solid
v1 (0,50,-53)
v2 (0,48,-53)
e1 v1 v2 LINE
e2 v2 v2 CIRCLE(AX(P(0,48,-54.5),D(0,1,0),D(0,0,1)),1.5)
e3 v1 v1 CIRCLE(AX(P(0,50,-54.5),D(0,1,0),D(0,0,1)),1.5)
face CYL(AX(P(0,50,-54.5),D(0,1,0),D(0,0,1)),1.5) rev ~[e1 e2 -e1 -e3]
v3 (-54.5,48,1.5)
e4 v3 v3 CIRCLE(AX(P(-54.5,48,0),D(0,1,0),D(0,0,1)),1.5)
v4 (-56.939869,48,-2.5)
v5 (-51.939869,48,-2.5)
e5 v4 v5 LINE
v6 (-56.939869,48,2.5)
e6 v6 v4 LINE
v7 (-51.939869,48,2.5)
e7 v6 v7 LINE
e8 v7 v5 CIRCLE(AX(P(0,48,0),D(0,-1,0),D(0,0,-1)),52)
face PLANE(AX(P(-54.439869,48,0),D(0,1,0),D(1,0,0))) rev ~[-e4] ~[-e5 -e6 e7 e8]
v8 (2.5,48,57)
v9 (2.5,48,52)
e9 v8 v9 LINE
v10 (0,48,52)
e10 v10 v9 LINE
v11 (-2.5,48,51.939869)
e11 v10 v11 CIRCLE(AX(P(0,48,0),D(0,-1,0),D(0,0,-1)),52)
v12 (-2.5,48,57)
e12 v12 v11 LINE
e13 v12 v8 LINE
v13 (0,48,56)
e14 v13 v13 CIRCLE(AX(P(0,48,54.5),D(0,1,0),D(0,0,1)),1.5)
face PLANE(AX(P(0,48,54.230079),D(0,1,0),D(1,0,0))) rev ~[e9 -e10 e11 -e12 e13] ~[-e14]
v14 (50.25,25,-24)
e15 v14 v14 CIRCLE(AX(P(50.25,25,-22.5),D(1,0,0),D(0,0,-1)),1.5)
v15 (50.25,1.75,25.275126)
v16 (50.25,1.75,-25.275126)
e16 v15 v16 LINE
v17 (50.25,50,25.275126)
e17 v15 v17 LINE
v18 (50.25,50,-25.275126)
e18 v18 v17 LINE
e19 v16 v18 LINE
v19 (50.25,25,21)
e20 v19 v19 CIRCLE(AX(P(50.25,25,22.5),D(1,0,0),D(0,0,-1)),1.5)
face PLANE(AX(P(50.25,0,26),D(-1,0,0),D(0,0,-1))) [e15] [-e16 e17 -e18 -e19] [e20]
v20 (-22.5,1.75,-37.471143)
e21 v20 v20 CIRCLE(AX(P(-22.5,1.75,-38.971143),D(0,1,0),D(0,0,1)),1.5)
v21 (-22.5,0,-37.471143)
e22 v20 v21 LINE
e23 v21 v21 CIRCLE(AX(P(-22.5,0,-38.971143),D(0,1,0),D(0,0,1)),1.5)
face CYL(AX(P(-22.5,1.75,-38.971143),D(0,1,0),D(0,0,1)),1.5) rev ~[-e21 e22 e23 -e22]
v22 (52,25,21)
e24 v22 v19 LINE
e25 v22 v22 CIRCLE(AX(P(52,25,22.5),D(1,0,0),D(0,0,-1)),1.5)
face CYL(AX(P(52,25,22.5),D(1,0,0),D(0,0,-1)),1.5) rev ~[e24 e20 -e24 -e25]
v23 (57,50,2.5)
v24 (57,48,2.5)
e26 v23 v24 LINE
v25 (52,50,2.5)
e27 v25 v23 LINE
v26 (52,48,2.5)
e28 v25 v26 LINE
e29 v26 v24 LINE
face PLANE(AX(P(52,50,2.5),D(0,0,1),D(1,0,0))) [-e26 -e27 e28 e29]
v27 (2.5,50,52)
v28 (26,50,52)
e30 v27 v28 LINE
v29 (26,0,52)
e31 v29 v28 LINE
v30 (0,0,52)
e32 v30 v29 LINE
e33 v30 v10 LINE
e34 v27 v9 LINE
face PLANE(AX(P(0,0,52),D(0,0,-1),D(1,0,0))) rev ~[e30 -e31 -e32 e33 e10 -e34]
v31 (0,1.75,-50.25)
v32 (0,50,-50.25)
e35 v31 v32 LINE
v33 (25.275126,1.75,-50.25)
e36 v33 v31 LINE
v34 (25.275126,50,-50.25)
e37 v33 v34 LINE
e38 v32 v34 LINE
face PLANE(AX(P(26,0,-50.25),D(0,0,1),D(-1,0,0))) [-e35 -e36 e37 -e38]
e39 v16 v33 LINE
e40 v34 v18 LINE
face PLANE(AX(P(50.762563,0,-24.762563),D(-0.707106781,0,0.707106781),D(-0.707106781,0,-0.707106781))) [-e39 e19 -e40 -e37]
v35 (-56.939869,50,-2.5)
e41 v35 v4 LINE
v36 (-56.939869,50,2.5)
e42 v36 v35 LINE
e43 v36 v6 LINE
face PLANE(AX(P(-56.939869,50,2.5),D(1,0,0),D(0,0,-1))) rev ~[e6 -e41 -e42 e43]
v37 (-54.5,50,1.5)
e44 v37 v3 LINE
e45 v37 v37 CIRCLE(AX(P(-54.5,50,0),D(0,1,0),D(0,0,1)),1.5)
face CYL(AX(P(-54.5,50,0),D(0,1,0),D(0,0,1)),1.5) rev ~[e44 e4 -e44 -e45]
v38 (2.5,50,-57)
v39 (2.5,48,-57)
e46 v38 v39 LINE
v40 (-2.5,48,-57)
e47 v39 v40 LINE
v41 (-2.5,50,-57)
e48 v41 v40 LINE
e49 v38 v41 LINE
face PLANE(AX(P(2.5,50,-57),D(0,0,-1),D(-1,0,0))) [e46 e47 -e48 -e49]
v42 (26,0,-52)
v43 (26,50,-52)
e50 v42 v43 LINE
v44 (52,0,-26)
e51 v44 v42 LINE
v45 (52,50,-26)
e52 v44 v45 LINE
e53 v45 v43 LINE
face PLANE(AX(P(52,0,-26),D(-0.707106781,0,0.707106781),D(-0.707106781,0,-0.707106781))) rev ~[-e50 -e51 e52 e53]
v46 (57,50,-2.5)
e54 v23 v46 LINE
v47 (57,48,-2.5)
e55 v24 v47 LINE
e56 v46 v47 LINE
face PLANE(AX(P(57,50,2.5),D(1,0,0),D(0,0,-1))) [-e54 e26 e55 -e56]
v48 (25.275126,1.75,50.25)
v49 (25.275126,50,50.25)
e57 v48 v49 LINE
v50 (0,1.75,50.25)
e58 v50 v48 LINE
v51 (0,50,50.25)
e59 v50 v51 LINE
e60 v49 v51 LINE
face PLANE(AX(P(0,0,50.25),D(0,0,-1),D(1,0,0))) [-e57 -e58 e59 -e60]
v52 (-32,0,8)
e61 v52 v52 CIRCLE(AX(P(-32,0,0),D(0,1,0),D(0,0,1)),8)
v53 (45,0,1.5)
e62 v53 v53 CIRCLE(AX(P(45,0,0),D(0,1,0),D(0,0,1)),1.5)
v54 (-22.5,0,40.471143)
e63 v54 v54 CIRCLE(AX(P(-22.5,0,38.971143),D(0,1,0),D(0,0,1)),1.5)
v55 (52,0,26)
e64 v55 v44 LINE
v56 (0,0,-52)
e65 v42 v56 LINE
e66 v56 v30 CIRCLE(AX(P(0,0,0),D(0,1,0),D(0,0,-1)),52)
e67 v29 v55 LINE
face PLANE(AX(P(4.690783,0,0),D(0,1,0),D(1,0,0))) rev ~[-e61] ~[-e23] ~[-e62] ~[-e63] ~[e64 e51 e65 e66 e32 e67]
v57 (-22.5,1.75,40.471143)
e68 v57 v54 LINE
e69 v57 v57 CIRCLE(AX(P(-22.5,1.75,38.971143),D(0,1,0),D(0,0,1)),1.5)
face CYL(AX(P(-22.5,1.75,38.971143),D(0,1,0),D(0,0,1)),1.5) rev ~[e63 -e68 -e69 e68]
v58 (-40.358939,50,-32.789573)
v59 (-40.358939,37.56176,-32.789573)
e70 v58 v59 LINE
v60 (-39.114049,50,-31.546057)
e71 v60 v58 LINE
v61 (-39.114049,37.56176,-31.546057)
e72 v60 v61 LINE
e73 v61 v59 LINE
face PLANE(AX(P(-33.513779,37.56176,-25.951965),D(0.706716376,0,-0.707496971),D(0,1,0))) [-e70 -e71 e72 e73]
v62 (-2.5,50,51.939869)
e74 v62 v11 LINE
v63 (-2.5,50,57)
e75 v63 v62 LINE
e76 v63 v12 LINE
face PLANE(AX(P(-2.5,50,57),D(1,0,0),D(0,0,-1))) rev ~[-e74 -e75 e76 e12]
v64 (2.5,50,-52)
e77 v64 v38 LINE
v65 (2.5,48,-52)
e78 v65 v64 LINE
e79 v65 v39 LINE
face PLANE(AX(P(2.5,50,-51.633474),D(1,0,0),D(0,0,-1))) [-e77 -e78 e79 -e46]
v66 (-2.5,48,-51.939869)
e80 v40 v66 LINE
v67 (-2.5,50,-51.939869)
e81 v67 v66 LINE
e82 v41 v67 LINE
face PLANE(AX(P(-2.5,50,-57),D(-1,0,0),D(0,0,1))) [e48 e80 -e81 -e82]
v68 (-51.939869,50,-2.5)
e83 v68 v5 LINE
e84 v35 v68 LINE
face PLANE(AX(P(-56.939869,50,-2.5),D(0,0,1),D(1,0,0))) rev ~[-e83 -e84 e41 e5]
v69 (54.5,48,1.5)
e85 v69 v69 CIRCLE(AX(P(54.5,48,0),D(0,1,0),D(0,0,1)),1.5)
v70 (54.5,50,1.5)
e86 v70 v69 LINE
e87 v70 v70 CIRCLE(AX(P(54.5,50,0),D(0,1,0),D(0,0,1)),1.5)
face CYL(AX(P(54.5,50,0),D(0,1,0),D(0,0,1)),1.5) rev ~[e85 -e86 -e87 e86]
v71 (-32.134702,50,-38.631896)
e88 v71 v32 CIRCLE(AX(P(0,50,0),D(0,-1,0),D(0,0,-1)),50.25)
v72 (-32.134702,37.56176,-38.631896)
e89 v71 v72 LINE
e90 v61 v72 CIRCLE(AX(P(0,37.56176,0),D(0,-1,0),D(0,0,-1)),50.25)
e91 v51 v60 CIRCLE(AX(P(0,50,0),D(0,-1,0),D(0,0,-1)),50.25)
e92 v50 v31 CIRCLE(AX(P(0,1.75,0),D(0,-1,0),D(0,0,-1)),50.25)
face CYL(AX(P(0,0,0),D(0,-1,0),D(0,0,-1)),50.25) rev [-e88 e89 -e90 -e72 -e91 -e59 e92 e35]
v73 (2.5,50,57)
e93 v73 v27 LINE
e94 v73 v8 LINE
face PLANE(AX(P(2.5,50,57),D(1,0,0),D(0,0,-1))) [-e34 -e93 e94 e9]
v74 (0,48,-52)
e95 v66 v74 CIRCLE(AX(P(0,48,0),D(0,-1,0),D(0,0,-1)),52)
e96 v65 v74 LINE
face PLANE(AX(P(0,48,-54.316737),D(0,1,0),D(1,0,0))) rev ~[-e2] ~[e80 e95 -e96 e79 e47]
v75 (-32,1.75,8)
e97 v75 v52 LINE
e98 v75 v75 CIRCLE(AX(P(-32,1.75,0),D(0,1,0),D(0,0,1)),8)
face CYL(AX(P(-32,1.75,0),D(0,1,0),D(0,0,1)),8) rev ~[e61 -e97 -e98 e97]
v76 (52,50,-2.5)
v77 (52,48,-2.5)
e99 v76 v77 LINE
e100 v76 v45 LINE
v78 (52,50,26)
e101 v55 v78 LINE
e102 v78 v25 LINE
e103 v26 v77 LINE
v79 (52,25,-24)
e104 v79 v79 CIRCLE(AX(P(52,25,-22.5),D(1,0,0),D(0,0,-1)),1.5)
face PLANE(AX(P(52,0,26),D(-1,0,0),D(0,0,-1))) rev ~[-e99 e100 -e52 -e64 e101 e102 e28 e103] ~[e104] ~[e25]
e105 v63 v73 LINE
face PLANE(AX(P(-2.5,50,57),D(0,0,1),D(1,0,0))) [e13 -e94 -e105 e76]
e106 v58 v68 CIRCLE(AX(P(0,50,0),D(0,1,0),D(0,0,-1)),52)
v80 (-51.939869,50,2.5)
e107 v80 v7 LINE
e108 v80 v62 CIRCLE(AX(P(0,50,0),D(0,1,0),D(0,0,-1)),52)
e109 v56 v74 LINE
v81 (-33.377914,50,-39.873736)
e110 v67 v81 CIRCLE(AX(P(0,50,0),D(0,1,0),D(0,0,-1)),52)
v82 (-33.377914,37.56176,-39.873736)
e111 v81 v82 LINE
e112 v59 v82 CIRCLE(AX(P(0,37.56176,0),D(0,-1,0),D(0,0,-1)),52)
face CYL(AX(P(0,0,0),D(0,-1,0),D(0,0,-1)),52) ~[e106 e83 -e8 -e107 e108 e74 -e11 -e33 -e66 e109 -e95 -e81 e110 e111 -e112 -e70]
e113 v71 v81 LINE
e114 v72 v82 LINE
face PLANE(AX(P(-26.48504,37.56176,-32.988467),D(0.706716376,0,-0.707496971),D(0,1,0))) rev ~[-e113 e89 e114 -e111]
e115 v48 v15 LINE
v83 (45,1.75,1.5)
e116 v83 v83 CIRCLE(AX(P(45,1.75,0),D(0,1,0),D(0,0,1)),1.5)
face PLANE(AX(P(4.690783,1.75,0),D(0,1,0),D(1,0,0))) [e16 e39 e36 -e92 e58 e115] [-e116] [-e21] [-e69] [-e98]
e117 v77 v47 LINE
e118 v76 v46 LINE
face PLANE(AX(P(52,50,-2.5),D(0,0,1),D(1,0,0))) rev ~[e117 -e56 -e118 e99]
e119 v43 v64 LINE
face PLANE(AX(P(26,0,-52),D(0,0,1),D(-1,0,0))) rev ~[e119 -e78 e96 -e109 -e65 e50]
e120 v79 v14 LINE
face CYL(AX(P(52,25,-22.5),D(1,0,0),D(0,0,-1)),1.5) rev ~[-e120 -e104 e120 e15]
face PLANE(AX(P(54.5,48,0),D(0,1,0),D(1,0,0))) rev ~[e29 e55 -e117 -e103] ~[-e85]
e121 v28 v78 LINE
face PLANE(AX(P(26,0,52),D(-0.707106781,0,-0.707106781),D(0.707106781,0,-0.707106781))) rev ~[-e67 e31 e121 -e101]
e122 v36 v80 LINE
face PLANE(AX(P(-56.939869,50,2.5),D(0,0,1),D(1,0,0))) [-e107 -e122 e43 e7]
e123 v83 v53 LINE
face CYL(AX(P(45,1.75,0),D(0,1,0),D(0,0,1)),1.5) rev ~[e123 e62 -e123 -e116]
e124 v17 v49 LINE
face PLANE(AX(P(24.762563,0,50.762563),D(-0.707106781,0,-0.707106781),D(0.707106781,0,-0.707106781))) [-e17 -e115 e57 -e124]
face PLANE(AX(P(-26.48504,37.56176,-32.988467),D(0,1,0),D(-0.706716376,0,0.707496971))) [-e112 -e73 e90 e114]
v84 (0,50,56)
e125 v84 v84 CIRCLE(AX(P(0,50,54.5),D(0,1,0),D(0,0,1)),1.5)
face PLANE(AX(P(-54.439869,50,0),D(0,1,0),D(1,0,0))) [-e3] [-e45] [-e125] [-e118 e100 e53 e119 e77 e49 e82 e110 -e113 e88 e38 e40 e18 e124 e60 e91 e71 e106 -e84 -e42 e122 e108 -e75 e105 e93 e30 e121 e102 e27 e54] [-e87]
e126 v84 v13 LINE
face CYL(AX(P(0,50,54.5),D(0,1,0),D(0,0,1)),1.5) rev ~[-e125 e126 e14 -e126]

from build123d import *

# Parameters (mm, degrees)
EXTRUDE_5_DEPTH     = 50
SHELL_4_T           = -1.75
SKETCH_3_R          = 8
SKETCH_3_R_2        = 1.5
CUT_EXTRUDE_2_DEPTH = 5
SKETCH_5_R          = 1.5
CUT_EXTRUDE_3_DEPTH = 5
SKETCH_6_W          = 5
SKETCH_6_H          = 5
SKETCH_6_R          = 1.5
SKETCH_6_H_2        = 5.539841266
EXTRUDE_8_DEPTH     = 2
SKETCH_9_W          = 9.945628491
SKETCH_9_H          = 14.246438642
CUT_EXTRUDE_4_DEPTH = 15


with BuildPart() as part:
    # 草图1 → 凸台-拉伸5 (new body)
    with BuildSketch(Plane(origin=(0, 0, 0), x_dir=(1, 0, 0), z_dir=(0, 1, 0))):
        with BuildLine():
            Line((0, -52), (26, -52))
            Line((26, -52), (52, -26))
            Line((52, -26), (52, 26))
            Line((52, 26), (26, 52))
            Line((26, 52), (0, 52))
            ThreePointArc((0, 52), (-52, 0), (0, -52))
        make_face()
    extrude(amount=EXTRUDE_5_DEPTH)

    # 抽壳4
    shell_4_openings = [part.faces().sort_by_distance(p)[0] for p in [
        (1.957361837, 50, 0),
    ]]
    offset(amount=SHELL_4_T, openings=shell_4_openings, kind=Kind.INTERSECTION)

    # 草图3 → 切除-拉伸2 (cut)
    with BuildSketch(Plane(origin=(0, 1.75, 0), x_dir=(1, 0, 0), z_dir=(0, 1, 0))):
        with Locations(Location((-32, 0, 0), (0, 0, 270))):
            Circle(SKETCH_3_R)
        with Locations(Location((45, 0, 0), (0, 0, 270))):
            Circle(SKETCH_3_R_2)
        with Locations(Location((-22.5, 38.97114317, 0), (0, 0, 270))):
            Circle(SKETCH_3_R_2)
        with Locations(Location((-22.5, -38.97114317, 0), (0, 0, 270))):
            Circle(SKETCH_3_R_2)
    extrude(amount=-CUT_EXTRUDE_2_DEPTH, mode=Mode.SUBTRACT)

    # 草图5 → 切除-拉伸3 (cut)
    with BuildSketch(Plane(origin=(52, 0, 0), x_dir=(0, 0, -1), z_dir=(1, 0, 0))):
        with Locations((22.5, 25)):
            Circle(SKETCH_5_R)
        with Locations((-22.5, 25)):
            Circle(SKETCH_5_R)
    extrude(amount=-CUT_EXTRUDE_3_DEPTH, mode=Mode.SUBTRACT)

    # 草图6 → 凸台-拉伸8 (add)
    # profile 1 of 4: a face of its own
    with BuildSketch(Plane(origin=(0, 50, 0), x_dir=(1, 0, 0), z_dir=(0, 1, 0))):
        with Locations((54.5, 0)):
            Rectangle(SKETCH_6_W, SKETCH_6_H)
        with Locations(Location((54.5, 0, 0), (0, 0, 270))):
            Circle(SKETCH_6_R, mode=Mode.SUBTRACT)
    # profile 2 of 4: a face of its own
    with BuildSketch(Plane(origin=(0, 50, 0), x_dir=(1, 0, 0), z_dir=(0, 1, 0))):
        with Locations((-54.43986908, 0)):
            Rectangle(SKETCH_6_W, SKETCH_6_H)
        with Locations(Location((-54.5, 0, 0), (0, 0, 270))):
            Circle(SKETCH_6_R, mode=Mode.SUBTRACT)
    # profile 3 of 4: a face of its own
    with BuildSketch(Plane(origin=(0, 50, 0), x_dir=(1, 0, 0), z_dir=(0, 1, 0))):
        Polygon((2.5, 52), (2.5, 57), (-2.5, 57), (-2.5, 52), (-2.5, 51.633473504), (2.5, 51.633473504), align=None)
        with Locations(Location((0, 54.5, 0), (0, 0, 270))):
            Circle(SKETCH_6_R, mode=Mode.SUBTRACT)
    # profile 4 of 4: a face of its own
    with BuildSketch(Plane(origin=(0, 50, 0), x_dir=(1, 0, 0), z_dir=(0, 1, 0))):
        with Locations((0, -54.230079367)):
            Rectangle(SKETCH_6_W, SKETCH_6_H_2)
        with Locations(Location((0, -54.5, 0), (0, 0, 270))):
            Circle(SKETCH_6_R, mode=Mode.SUBTRACT)
    extrude(amount=-EXTRUDE_8_DEPTH)

    # 草图9 → 切除-拉伸4 (cut)
    with BuildSketch(Plane(origin=(-29.751362544, 0, -29.718537282), x_dir=(-0.7067163758191224, 0, 0.707496971123612), z_dir=(-0.707496971123612, 0, -0.7067163758191224))):
        with Locations((0.350985127, 44.684979675)):
            Rectangle(SKETCH_9_W, SKETCH_9_H)
    extrude(amount=CUT_EXTRUDE_4_DEPTH, mode=Mode.SUBTRACT)


solid = part.part
